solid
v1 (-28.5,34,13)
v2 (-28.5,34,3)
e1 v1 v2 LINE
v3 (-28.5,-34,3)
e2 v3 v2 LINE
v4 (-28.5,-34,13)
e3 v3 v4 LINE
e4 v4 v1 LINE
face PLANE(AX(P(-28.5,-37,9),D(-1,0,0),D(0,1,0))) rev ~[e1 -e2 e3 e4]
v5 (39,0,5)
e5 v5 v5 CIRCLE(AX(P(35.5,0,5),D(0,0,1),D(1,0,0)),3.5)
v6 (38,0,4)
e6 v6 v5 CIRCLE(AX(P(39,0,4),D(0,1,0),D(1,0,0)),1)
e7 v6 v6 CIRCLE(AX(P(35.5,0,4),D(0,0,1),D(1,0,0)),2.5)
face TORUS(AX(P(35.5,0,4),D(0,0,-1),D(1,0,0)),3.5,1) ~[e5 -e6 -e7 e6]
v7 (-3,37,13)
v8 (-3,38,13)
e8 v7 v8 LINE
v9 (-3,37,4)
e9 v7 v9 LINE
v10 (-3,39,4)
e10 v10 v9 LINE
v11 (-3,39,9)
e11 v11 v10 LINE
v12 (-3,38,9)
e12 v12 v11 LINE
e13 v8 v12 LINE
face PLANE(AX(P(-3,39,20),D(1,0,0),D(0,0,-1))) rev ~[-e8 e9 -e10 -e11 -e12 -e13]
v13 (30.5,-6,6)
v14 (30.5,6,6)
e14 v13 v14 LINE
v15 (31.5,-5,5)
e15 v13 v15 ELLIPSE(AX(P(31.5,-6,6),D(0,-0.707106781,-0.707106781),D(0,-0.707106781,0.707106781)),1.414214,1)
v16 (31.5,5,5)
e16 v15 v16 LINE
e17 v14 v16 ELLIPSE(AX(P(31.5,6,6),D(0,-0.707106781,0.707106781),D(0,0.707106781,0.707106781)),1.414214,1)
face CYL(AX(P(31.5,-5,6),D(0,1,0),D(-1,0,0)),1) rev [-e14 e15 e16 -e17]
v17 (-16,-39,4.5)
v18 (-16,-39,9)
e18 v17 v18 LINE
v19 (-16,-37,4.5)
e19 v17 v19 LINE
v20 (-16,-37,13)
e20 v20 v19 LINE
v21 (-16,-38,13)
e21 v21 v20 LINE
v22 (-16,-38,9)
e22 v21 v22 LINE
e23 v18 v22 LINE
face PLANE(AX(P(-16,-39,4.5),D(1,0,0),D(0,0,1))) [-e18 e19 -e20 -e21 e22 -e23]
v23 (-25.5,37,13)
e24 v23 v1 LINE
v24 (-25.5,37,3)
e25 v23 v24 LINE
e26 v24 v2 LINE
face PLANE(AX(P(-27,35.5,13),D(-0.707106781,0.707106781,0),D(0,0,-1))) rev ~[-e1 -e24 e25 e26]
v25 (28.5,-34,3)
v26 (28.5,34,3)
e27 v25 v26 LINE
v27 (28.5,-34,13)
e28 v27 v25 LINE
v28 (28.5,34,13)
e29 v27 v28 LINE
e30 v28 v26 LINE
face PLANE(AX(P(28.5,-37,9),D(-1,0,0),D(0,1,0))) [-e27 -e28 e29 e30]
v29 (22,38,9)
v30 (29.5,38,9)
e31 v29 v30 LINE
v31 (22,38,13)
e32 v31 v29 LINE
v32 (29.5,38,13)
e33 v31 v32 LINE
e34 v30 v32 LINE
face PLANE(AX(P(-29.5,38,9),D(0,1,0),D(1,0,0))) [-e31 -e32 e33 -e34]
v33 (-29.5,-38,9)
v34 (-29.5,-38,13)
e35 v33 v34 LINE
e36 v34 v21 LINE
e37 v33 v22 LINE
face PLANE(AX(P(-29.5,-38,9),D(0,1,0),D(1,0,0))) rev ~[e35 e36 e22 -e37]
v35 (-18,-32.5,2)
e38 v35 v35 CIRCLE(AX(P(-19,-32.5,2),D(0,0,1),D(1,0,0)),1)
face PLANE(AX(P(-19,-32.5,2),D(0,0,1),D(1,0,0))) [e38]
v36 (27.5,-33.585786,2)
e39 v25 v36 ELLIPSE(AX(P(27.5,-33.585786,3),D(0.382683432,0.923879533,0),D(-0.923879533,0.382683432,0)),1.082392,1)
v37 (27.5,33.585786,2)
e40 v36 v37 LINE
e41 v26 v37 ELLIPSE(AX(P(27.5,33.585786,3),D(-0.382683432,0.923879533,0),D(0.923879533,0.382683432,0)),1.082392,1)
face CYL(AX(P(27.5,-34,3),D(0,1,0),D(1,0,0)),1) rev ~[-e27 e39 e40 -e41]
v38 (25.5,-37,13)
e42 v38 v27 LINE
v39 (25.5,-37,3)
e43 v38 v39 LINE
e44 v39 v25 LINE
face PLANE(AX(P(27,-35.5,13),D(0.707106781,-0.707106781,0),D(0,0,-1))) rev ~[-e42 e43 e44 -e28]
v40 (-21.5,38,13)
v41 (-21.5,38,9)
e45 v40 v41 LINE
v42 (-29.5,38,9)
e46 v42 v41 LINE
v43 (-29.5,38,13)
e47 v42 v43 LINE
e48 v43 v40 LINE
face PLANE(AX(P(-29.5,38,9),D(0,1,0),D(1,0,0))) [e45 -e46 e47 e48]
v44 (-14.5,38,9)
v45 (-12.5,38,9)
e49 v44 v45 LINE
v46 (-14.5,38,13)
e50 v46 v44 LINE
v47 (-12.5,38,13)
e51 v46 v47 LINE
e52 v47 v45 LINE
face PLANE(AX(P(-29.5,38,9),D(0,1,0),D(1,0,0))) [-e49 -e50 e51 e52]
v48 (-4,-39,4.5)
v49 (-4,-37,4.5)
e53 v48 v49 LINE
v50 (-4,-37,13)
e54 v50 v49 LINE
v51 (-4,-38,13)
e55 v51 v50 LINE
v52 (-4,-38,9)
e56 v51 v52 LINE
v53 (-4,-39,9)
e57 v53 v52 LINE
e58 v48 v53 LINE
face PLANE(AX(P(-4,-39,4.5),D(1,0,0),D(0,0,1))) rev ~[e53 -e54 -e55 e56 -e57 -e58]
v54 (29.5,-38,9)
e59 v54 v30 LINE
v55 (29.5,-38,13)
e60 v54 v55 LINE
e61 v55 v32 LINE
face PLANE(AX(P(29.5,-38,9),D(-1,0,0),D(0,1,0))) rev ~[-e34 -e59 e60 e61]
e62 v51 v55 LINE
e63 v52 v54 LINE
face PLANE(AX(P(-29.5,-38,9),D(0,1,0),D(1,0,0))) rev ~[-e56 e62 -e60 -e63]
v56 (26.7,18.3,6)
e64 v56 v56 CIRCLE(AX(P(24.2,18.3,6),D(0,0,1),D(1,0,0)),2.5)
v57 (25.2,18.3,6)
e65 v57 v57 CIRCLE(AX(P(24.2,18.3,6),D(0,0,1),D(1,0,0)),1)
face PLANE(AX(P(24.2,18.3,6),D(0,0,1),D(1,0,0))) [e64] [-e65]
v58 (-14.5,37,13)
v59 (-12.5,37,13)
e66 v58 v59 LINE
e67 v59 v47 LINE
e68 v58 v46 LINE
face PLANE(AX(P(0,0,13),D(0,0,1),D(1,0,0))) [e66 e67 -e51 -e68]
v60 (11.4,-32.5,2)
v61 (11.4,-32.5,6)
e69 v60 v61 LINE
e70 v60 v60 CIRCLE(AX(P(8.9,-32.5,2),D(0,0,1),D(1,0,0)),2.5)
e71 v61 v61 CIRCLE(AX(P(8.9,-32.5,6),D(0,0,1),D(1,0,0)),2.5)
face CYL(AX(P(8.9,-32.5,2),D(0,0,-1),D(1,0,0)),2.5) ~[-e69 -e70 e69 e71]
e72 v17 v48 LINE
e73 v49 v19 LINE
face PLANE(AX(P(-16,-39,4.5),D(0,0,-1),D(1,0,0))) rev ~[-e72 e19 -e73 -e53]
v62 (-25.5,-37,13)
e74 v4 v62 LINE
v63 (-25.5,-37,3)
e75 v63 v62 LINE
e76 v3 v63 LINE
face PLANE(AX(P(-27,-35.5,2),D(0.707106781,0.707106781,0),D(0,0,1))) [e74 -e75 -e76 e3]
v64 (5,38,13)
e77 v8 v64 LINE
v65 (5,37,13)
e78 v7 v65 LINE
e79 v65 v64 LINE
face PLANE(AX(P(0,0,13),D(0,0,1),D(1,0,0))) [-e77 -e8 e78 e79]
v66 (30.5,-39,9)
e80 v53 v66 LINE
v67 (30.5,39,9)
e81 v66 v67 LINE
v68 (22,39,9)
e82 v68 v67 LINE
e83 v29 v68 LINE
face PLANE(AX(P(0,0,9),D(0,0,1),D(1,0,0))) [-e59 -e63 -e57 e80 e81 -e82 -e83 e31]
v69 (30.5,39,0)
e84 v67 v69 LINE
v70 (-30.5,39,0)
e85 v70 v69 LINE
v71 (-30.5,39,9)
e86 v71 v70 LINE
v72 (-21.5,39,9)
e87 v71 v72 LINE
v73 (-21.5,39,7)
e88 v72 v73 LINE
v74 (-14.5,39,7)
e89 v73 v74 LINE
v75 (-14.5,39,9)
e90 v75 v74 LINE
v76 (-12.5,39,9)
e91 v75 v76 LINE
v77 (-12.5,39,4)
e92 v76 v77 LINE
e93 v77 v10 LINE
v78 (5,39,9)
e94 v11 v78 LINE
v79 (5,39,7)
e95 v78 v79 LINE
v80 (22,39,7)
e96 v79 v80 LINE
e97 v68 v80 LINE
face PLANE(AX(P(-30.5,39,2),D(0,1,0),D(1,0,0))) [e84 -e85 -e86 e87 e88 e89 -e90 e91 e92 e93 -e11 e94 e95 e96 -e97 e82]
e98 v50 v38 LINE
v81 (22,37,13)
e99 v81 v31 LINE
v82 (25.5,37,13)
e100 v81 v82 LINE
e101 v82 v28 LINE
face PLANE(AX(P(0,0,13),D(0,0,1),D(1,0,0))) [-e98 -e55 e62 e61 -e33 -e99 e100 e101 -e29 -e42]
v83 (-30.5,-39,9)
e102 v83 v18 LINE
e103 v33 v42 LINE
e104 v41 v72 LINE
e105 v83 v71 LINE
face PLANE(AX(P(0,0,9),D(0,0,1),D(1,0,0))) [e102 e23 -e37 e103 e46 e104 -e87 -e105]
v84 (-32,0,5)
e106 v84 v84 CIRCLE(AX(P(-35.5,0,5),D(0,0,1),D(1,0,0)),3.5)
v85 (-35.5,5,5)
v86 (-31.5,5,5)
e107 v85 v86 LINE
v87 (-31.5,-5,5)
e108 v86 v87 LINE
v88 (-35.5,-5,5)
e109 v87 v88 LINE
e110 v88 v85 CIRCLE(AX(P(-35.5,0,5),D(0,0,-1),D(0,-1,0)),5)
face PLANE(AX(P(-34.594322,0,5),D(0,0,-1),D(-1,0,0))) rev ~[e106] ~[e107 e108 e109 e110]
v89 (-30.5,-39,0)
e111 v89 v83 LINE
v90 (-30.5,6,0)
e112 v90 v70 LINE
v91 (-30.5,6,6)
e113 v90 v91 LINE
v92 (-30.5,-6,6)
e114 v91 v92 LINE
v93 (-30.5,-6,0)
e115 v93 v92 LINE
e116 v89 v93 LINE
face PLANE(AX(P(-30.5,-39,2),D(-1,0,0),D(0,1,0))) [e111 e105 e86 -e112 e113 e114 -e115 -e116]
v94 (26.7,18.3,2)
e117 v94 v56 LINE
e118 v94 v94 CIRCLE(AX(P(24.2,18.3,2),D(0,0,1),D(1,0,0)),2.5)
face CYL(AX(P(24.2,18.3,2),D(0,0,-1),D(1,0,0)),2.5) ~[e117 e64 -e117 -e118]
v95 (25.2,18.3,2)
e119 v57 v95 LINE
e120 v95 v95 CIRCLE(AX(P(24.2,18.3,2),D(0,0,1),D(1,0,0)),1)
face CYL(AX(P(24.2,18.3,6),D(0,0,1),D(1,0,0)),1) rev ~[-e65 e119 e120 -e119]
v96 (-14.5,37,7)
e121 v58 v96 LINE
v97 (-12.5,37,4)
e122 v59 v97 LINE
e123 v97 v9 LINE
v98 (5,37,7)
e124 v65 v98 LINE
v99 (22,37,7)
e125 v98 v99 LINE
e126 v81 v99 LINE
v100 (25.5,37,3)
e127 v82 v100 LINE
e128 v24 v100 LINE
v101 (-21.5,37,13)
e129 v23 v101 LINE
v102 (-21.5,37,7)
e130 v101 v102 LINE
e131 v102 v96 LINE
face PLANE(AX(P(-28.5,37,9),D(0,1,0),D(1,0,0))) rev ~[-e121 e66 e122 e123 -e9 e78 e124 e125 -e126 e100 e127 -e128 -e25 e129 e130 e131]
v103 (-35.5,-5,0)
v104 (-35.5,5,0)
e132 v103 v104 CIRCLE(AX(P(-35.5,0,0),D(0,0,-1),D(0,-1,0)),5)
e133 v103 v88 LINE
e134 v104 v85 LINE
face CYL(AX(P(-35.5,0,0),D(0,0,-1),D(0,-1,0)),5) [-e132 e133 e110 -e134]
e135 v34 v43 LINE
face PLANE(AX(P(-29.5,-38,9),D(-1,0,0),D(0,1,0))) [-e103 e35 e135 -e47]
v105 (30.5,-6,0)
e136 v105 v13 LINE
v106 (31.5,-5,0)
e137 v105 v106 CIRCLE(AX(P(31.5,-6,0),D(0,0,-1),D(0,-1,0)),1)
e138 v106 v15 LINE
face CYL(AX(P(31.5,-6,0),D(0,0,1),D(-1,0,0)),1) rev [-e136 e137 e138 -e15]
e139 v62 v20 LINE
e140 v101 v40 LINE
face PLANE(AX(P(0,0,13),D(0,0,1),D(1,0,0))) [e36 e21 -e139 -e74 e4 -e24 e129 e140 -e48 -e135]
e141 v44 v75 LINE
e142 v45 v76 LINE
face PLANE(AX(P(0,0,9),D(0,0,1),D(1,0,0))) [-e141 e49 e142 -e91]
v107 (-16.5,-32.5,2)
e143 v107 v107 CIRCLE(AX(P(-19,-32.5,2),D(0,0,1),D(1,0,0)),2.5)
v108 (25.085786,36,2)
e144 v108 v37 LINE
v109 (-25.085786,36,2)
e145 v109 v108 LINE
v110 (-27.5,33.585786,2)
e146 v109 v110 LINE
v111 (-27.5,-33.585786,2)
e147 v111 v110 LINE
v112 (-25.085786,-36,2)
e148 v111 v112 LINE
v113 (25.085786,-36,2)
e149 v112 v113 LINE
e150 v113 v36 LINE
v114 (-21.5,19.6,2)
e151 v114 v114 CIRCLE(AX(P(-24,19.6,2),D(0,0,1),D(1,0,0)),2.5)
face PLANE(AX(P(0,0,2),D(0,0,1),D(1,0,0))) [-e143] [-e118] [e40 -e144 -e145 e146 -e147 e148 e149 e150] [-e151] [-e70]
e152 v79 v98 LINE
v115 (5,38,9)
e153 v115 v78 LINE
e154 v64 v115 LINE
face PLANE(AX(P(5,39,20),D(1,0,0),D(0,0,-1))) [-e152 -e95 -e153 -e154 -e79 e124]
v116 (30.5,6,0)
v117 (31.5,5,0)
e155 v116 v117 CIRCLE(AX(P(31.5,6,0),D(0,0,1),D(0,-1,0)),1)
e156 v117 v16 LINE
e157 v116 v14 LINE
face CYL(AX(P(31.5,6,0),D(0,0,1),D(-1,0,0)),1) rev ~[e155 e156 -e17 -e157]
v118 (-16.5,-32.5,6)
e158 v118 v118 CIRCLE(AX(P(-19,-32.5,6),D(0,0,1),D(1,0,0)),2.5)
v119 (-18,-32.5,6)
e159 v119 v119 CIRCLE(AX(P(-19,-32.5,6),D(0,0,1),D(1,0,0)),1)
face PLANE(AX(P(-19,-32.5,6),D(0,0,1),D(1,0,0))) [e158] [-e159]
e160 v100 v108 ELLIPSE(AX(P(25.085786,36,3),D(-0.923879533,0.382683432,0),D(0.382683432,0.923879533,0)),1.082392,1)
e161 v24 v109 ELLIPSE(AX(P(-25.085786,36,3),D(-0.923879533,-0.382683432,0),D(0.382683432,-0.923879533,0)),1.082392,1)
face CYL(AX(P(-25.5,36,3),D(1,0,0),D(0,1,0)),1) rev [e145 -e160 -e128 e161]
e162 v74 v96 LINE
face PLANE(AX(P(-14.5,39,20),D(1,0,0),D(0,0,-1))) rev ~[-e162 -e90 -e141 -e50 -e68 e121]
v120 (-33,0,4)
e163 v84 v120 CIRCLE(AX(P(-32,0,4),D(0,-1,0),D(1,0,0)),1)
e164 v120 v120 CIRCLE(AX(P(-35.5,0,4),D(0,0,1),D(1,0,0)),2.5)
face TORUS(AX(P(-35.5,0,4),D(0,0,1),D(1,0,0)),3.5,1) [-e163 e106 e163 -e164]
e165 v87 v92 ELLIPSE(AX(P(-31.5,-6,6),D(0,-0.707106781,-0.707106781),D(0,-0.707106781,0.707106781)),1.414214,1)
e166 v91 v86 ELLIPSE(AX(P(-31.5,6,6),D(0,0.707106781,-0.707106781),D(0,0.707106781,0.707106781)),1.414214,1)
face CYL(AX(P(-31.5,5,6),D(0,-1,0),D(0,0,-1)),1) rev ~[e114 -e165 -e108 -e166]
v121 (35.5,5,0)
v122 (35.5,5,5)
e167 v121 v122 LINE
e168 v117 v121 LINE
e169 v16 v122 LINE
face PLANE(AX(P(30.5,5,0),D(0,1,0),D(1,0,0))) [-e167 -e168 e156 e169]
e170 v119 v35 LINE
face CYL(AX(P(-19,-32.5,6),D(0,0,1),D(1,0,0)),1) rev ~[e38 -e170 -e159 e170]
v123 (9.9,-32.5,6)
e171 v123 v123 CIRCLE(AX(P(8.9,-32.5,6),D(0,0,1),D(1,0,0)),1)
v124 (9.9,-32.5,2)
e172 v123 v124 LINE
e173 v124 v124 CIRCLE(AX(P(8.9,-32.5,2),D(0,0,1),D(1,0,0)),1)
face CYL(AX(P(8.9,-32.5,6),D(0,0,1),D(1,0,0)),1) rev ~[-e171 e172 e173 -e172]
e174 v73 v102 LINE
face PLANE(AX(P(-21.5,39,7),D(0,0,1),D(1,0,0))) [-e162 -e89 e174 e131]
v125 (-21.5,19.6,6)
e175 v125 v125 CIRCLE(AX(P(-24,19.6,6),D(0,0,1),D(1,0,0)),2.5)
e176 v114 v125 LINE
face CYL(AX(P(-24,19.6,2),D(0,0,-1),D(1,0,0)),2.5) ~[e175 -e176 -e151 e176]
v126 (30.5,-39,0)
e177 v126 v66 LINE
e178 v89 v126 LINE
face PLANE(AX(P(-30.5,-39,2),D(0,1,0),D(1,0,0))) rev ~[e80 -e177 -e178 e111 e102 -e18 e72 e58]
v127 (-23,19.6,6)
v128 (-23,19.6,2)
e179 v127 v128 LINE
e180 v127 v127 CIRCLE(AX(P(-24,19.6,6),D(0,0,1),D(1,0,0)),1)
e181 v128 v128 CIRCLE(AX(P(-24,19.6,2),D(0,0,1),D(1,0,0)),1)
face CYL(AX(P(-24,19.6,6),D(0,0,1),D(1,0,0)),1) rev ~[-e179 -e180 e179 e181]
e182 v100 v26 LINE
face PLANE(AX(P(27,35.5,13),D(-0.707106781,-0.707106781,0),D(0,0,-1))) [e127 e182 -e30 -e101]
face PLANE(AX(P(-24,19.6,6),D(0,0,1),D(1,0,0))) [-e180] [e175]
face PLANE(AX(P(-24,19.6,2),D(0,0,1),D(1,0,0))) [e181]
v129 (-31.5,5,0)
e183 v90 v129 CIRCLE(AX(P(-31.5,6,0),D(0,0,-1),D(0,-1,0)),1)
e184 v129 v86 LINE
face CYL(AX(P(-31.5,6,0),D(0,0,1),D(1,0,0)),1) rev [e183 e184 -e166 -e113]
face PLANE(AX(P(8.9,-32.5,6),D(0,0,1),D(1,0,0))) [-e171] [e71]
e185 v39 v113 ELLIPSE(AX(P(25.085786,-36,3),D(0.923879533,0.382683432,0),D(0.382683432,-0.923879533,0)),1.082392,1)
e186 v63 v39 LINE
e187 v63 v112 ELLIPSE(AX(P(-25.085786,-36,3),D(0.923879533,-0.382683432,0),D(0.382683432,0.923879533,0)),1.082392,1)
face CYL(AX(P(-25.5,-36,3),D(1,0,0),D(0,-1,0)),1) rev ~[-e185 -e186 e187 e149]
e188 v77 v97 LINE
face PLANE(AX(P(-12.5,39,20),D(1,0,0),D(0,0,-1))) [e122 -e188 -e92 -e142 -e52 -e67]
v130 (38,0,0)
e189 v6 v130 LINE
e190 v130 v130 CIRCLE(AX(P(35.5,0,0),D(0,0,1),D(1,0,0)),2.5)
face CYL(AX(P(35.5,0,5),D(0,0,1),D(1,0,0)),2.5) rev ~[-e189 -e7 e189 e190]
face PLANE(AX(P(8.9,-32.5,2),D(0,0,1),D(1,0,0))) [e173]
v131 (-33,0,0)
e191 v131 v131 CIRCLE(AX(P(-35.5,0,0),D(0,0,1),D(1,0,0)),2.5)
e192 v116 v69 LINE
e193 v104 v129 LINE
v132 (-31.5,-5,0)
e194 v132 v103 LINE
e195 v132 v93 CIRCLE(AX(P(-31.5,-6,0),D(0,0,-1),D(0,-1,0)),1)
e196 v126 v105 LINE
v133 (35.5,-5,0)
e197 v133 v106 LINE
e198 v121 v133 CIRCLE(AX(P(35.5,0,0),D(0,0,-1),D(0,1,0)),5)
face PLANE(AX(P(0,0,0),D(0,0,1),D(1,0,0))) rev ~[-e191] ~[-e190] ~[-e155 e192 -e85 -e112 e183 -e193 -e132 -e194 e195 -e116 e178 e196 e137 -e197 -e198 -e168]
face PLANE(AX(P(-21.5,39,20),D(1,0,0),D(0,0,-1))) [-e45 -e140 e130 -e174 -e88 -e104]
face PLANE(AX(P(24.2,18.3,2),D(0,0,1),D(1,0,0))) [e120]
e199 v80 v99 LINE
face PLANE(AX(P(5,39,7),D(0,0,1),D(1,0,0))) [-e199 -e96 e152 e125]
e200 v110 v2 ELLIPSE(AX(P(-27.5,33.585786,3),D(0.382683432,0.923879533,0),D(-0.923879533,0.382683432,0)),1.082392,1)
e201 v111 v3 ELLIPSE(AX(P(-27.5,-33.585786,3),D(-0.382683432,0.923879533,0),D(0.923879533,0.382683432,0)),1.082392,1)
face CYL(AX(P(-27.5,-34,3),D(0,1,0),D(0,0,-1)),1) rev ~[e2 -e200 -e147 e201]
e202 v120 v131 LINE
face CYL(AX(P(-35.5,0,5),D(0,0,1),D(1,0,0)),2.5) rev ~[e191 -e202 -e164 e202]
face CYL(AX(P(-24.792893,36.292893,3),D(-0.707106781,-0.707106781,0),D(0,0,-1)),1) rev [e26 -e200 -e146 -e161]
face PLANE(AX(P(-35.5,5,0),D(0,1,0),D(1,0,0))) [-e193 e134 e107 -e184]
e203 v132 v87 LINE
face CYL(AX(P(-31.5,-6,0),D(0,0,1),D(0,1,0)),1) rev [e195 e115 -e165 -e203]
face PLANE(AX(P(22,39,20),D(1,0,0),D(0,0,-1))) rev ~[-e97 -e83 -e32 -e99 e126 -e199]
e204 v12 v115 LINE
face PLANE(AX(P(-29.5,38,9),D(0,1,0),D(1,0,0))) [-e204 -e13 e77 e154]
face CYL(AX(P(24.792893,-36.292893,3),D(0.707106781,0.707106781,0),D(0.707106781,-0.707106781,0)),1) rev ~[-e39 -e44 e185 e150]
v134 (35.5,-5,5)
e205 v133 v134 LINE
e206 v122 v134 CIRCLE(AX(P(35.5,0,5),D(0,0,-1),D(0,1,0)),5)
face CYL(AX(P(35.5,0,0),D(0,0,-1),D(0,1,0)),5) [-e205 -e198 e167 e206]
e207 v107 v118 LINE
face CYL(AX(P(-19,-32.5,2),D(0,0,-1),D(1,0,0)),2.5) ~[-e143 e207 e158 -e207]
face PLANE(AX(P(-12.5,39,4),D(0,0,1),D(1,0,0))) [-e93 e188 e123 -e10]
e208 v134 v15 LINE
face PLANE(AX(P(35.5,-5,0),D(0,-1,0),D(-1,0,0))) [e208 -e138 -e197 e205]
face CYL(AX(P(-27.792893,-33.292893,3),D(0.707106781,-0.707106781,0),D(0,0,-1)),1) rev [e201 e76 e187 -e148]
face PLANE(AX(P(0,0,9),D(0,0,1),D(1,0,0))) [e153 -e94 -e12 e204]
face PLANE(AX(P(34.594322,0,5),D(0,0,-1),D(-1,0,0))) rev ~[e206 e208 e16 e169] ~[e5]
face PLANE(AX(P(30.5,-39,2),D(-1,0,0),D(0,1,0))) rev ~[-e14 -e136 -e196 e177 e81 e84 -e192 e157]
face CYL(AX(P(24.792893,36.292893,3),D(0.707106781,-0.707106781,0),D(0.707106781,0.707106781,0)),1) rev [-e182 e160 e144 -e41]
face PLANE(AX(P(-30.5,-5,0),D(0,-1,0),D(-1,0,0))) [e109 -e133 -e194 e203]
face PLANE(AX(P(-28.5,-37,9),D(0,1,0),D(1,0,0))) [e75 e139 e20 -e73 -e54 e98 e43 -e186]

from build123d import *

# Parameters (mm, degrees)
ESQUISSE1_W             = 61
ESQUISSE1_H             = 78
BOSS_EXTRU_1_DEPTH      = 2
ESQUISSE2_W             = 61
ESQUISSE2_H             = 78
ESQUISSE2_W_2           = 57
ESQUISSE2_H_2           = 74
BOSS_EXTRU_2_DEPTH      = 7
ESQUISSE3_W             = 59
ESQUISSE3_H             = 76
ESQUISSE3_W_2           = 57
ESQUISSE3_H_2           = 74
BOSS_EXTRU_3_DEPTH      = 4
ESQUISSE4_R             = 2.5
BOSS_EXTRU_4_DEPTH      = 4
ESQUISSE6_W             = 12
ESQUISSE6_H             = 20
ENL_V_MAT_EXTRU_1_DEPTH = 3
ESQUISSE7_W             = 17
ESQUISSE7_H             = 13
ESQUISSE7_W_2           = 9.5
ESQUISSE7_H_2           = 16
ESQUISSE7_W_3           = 7
ENL_V_MAT_EXTRU_2_DEPTH = 3
ESQUISSE5_R             = 1
ENL_V_MAT_EXTRU_3_DEPTH = 4
CHANFREIN1_SIZE         = 3
BOSS_EXTRU_5_DEPTH      = 5
ENL_V_MAT_EXTRU_4_REACH = 7
ESQUISSE9_R             = 2.5
CONG_1_R                = 1
CONG_2_R                = 1
CONG_3_R                = 1


with BuildPart() as part:
    # Esquisse1 → Boss.-Extru.1 (new body)
    with BuildSketch(Plane.XY):
        Rectangle(ESQUISSE1_W, ESQUISSE1_H)
    extrude(amount=BOSS_EXTRU_1_DEPTH)

    # Esquisse2 → Boss.-Extru.2 (add)
    with BuildSketch(Plane.XY.offset(2)):
        Rectangle(ESQUISSE2_W, ESQUISSE2_H)
        Rectangle(ESQUISSE2_W_2, ESQUISSE2_H_2, mode=Mode.SUBTRACT)
    extrude(amount=BOSS_EXTRU_2_DEPTH)

    # Esquisse3 → Boss.-Extru.3 (add)
    with BuildSketch(Plane.XY.offset(9)):
        Rectangle(ESQUISSE3_W, ESQUISSE3_H)
        Rectangle(ESQUISSE3_W_2, ESQUISSE3_H_2, mode=Mode.SUBTRACT)
    extrude(amount=BOSS_EXTRU_3_DEPTH)

    # Esquisse4 → Boss.-Extru.4 (add)
    with BuildSketch(Plane.XY.offset(2)):
        with Locations((-24, 19.6)):
            Circle(ESQUISSE4_R)
        with Locations((24.2, 18.3)):
            Circle(ESQUISSE4_R)
        with Locations((8.9, -32.5)):
            Circle(ESQUISSE4_R)
        with Locations((-19, -32.5)):
            Circle(ESQUISSE4_R)
    extrude(amount=BOSS_EXTRU_4_DEPTH)

    # Esquisse6 → Enlèv. mat.-Extru.1 (cut)
    with BuildSketch(Plane.XZ.offset(39)):
        with Locations((-10, 14.5)):
            Rectangle(ESQUISSE6_W, ESQUISSE6_H)
    extrude(amount=-ENL_V_MAT_EXTRU_1_DEPTH, mode=Mode.SUBTRACT)

    # Esquisse7 → Enlèv. mat.-Extru.2 (cut)
    with BuildSketch(Plane(origin=(0, 39, 0), x_dir=(1, 0, 0), z_dir=(0, 1, 0))):
        with Locations((13.5, -13.5)):
            Rectangle(ESQUISSE7_W, ESQUISSE7_H)
        with Locations((-7.75, -12)):
            Rectangle(ESQUISSE7_W_2, ESQUISSE7_H_2)
        with Locations((-18, -13.5)):
            Rectangle(ESQUISSE7_W_3, ESQUISSE7_H)
    extrude(amount=-ENL_V_MAT_EXTRU_2_DEPTH, mode=Mode.SUBTRACT)

    # Esquisse5 → Enlèv. mat.-Extru.3 (cut)
    with BuildSketch(Plane.XY.offset(6)):
        with Locations((-24, 19.6)):
            Circle(ESQUISSE5_R)
        with Locations((24.2, 18.3)):
            Circle(ESQUISSE5_R)
        with Locations((8.9, -32.5)):
            Circle(ESQUISSE5_R)
        with Locations((-19, -32.5)):
            Circle(ESQUISSE5_R)
    extrude(amount=-ENL_V_MAT_EXTRU_3_DEPTH, mode=Mode.SUBTRACT)

    # Chanfrein1
    chanfrein1_edges = [part.edges().sort_by_distance(p)[0] for p in [
        (-28.5, -37, 7.5),
        (28.5, -37, 7.5),
        (28.5, 37, 7.5),
        (-28.5, 37, 7.5),
    ]]
    chamfer(chanfrein1_edges, length=CHANFREIN1_SIZE)

    # Esquisse8 → Boss.-Extru.5 (add)
    with BuildSketch(Plane(origin=(0, 0, 0), x_dir=(-1, 0, 0), z_dir=(0, 0, -1))):
        with BuildLine():
            Line((-30.5, 5), (-35.5, 5))
            ThreePointArc((-35.5, 5), (-40.5, 0), (-35.5, -5))
            Line((-35.5, -5), (-30.5, -5))
            Line((-30.5, -5), (-30.5, 5))
        make_face()
        with BuildLine():
            Line((30.5, -5), (35.5, -5))
            ThreePointArc((35.5, -5), (40.5, 0), (35.5, 5))
            Line((35.5, 5), (30.5, 5))
            Line((30.5, 5), (30.5, -5))
        make_face()
    extrude(amount=-BOSS_EXTRU_5_DEPTH)

    # Esquisse9 → Enlèv. mat.-Extru.4 (cut, up to next)
    with BuildSketch(Plane.XY.offset(5), mode=Mode.PRIVATE) as enl_v_mat_extru_4_sk1:
        with Locations((-35.5, 0)):
            Circle(ESQUISSE9_R)
    enl_v_mat_extru_4_tool1 = extrude(enl_v_mat_extru_4_sk1.sketch, amount=-ENL_V_MAT_EXTRU_4_REACH, mode=Mode.PRIVATE) & part.part
    add(enl_v_mat_extru_4_tool1.solids().sort_by_distance((-35.5, 0, 5))[0], mode=Mode.SUBTRACT)
    # Esquisse9 → Enlèv. mat.-Extru.4 (cut, up to next)
    with BuildSketch(Plane.XY.offset(5), mode=Mode.PRIVATE) as enl_v_mat_extru_4_sk2:
        with Locations((35.5, 0)):
            Circle(ESQUISSE9_R)
    enl_v_mat_extru_4_tool2 = extrude(enl_v_mat_extru_4_sk2.sketch, amount=-ENL_V_MAT_EXTRU_4_REACH, mode=Mode.PRIVATE) & part.part
    add(enl_v_mat_extru_4_tool2.solids().sort_by_distance((35.5, 0, 5))[0], mode=Mode.SUBTRACT)

    # Congé1
    cong_1_edges = [part.edges().sort_by_distance(p)[0] for p in [
        (-38, 0, 5),
        (33, 0, 5),
    ]]
    fillet(cong_1_edges, radius=CONG_1_R)

    # Congé2
    cong_2_edges = [part.edges().sort_by_distance(p)[0] for p in [
        (30.5, -5, 2.5),
        (30.5, 5, 2.5),
        (30.5, 0, 5),
        (-30.5, 5, 2.5),
        (-30.5, -5, 2.5),
        (-30.5, 0, 5),
    ]]
    fillet(cong_2_edges, radius=CONG_2_R)

    # Congé3
    cong_3_edges = [part.edges().sort_by_distance(p)[0] for p in [
        (0, -37, 2),
        (-28.5, 0, 2),
        (28.5, 0, 2),
        (0, 37, 2),
        (-27, -35.5, 2),
        (-27, 35.5, 2),
        (27, 35.5, 2),
        (27, -35.5, 2),
    ]]
    fillet(cong_3_edges, radius=CONG_3_R)


solid = part.part
